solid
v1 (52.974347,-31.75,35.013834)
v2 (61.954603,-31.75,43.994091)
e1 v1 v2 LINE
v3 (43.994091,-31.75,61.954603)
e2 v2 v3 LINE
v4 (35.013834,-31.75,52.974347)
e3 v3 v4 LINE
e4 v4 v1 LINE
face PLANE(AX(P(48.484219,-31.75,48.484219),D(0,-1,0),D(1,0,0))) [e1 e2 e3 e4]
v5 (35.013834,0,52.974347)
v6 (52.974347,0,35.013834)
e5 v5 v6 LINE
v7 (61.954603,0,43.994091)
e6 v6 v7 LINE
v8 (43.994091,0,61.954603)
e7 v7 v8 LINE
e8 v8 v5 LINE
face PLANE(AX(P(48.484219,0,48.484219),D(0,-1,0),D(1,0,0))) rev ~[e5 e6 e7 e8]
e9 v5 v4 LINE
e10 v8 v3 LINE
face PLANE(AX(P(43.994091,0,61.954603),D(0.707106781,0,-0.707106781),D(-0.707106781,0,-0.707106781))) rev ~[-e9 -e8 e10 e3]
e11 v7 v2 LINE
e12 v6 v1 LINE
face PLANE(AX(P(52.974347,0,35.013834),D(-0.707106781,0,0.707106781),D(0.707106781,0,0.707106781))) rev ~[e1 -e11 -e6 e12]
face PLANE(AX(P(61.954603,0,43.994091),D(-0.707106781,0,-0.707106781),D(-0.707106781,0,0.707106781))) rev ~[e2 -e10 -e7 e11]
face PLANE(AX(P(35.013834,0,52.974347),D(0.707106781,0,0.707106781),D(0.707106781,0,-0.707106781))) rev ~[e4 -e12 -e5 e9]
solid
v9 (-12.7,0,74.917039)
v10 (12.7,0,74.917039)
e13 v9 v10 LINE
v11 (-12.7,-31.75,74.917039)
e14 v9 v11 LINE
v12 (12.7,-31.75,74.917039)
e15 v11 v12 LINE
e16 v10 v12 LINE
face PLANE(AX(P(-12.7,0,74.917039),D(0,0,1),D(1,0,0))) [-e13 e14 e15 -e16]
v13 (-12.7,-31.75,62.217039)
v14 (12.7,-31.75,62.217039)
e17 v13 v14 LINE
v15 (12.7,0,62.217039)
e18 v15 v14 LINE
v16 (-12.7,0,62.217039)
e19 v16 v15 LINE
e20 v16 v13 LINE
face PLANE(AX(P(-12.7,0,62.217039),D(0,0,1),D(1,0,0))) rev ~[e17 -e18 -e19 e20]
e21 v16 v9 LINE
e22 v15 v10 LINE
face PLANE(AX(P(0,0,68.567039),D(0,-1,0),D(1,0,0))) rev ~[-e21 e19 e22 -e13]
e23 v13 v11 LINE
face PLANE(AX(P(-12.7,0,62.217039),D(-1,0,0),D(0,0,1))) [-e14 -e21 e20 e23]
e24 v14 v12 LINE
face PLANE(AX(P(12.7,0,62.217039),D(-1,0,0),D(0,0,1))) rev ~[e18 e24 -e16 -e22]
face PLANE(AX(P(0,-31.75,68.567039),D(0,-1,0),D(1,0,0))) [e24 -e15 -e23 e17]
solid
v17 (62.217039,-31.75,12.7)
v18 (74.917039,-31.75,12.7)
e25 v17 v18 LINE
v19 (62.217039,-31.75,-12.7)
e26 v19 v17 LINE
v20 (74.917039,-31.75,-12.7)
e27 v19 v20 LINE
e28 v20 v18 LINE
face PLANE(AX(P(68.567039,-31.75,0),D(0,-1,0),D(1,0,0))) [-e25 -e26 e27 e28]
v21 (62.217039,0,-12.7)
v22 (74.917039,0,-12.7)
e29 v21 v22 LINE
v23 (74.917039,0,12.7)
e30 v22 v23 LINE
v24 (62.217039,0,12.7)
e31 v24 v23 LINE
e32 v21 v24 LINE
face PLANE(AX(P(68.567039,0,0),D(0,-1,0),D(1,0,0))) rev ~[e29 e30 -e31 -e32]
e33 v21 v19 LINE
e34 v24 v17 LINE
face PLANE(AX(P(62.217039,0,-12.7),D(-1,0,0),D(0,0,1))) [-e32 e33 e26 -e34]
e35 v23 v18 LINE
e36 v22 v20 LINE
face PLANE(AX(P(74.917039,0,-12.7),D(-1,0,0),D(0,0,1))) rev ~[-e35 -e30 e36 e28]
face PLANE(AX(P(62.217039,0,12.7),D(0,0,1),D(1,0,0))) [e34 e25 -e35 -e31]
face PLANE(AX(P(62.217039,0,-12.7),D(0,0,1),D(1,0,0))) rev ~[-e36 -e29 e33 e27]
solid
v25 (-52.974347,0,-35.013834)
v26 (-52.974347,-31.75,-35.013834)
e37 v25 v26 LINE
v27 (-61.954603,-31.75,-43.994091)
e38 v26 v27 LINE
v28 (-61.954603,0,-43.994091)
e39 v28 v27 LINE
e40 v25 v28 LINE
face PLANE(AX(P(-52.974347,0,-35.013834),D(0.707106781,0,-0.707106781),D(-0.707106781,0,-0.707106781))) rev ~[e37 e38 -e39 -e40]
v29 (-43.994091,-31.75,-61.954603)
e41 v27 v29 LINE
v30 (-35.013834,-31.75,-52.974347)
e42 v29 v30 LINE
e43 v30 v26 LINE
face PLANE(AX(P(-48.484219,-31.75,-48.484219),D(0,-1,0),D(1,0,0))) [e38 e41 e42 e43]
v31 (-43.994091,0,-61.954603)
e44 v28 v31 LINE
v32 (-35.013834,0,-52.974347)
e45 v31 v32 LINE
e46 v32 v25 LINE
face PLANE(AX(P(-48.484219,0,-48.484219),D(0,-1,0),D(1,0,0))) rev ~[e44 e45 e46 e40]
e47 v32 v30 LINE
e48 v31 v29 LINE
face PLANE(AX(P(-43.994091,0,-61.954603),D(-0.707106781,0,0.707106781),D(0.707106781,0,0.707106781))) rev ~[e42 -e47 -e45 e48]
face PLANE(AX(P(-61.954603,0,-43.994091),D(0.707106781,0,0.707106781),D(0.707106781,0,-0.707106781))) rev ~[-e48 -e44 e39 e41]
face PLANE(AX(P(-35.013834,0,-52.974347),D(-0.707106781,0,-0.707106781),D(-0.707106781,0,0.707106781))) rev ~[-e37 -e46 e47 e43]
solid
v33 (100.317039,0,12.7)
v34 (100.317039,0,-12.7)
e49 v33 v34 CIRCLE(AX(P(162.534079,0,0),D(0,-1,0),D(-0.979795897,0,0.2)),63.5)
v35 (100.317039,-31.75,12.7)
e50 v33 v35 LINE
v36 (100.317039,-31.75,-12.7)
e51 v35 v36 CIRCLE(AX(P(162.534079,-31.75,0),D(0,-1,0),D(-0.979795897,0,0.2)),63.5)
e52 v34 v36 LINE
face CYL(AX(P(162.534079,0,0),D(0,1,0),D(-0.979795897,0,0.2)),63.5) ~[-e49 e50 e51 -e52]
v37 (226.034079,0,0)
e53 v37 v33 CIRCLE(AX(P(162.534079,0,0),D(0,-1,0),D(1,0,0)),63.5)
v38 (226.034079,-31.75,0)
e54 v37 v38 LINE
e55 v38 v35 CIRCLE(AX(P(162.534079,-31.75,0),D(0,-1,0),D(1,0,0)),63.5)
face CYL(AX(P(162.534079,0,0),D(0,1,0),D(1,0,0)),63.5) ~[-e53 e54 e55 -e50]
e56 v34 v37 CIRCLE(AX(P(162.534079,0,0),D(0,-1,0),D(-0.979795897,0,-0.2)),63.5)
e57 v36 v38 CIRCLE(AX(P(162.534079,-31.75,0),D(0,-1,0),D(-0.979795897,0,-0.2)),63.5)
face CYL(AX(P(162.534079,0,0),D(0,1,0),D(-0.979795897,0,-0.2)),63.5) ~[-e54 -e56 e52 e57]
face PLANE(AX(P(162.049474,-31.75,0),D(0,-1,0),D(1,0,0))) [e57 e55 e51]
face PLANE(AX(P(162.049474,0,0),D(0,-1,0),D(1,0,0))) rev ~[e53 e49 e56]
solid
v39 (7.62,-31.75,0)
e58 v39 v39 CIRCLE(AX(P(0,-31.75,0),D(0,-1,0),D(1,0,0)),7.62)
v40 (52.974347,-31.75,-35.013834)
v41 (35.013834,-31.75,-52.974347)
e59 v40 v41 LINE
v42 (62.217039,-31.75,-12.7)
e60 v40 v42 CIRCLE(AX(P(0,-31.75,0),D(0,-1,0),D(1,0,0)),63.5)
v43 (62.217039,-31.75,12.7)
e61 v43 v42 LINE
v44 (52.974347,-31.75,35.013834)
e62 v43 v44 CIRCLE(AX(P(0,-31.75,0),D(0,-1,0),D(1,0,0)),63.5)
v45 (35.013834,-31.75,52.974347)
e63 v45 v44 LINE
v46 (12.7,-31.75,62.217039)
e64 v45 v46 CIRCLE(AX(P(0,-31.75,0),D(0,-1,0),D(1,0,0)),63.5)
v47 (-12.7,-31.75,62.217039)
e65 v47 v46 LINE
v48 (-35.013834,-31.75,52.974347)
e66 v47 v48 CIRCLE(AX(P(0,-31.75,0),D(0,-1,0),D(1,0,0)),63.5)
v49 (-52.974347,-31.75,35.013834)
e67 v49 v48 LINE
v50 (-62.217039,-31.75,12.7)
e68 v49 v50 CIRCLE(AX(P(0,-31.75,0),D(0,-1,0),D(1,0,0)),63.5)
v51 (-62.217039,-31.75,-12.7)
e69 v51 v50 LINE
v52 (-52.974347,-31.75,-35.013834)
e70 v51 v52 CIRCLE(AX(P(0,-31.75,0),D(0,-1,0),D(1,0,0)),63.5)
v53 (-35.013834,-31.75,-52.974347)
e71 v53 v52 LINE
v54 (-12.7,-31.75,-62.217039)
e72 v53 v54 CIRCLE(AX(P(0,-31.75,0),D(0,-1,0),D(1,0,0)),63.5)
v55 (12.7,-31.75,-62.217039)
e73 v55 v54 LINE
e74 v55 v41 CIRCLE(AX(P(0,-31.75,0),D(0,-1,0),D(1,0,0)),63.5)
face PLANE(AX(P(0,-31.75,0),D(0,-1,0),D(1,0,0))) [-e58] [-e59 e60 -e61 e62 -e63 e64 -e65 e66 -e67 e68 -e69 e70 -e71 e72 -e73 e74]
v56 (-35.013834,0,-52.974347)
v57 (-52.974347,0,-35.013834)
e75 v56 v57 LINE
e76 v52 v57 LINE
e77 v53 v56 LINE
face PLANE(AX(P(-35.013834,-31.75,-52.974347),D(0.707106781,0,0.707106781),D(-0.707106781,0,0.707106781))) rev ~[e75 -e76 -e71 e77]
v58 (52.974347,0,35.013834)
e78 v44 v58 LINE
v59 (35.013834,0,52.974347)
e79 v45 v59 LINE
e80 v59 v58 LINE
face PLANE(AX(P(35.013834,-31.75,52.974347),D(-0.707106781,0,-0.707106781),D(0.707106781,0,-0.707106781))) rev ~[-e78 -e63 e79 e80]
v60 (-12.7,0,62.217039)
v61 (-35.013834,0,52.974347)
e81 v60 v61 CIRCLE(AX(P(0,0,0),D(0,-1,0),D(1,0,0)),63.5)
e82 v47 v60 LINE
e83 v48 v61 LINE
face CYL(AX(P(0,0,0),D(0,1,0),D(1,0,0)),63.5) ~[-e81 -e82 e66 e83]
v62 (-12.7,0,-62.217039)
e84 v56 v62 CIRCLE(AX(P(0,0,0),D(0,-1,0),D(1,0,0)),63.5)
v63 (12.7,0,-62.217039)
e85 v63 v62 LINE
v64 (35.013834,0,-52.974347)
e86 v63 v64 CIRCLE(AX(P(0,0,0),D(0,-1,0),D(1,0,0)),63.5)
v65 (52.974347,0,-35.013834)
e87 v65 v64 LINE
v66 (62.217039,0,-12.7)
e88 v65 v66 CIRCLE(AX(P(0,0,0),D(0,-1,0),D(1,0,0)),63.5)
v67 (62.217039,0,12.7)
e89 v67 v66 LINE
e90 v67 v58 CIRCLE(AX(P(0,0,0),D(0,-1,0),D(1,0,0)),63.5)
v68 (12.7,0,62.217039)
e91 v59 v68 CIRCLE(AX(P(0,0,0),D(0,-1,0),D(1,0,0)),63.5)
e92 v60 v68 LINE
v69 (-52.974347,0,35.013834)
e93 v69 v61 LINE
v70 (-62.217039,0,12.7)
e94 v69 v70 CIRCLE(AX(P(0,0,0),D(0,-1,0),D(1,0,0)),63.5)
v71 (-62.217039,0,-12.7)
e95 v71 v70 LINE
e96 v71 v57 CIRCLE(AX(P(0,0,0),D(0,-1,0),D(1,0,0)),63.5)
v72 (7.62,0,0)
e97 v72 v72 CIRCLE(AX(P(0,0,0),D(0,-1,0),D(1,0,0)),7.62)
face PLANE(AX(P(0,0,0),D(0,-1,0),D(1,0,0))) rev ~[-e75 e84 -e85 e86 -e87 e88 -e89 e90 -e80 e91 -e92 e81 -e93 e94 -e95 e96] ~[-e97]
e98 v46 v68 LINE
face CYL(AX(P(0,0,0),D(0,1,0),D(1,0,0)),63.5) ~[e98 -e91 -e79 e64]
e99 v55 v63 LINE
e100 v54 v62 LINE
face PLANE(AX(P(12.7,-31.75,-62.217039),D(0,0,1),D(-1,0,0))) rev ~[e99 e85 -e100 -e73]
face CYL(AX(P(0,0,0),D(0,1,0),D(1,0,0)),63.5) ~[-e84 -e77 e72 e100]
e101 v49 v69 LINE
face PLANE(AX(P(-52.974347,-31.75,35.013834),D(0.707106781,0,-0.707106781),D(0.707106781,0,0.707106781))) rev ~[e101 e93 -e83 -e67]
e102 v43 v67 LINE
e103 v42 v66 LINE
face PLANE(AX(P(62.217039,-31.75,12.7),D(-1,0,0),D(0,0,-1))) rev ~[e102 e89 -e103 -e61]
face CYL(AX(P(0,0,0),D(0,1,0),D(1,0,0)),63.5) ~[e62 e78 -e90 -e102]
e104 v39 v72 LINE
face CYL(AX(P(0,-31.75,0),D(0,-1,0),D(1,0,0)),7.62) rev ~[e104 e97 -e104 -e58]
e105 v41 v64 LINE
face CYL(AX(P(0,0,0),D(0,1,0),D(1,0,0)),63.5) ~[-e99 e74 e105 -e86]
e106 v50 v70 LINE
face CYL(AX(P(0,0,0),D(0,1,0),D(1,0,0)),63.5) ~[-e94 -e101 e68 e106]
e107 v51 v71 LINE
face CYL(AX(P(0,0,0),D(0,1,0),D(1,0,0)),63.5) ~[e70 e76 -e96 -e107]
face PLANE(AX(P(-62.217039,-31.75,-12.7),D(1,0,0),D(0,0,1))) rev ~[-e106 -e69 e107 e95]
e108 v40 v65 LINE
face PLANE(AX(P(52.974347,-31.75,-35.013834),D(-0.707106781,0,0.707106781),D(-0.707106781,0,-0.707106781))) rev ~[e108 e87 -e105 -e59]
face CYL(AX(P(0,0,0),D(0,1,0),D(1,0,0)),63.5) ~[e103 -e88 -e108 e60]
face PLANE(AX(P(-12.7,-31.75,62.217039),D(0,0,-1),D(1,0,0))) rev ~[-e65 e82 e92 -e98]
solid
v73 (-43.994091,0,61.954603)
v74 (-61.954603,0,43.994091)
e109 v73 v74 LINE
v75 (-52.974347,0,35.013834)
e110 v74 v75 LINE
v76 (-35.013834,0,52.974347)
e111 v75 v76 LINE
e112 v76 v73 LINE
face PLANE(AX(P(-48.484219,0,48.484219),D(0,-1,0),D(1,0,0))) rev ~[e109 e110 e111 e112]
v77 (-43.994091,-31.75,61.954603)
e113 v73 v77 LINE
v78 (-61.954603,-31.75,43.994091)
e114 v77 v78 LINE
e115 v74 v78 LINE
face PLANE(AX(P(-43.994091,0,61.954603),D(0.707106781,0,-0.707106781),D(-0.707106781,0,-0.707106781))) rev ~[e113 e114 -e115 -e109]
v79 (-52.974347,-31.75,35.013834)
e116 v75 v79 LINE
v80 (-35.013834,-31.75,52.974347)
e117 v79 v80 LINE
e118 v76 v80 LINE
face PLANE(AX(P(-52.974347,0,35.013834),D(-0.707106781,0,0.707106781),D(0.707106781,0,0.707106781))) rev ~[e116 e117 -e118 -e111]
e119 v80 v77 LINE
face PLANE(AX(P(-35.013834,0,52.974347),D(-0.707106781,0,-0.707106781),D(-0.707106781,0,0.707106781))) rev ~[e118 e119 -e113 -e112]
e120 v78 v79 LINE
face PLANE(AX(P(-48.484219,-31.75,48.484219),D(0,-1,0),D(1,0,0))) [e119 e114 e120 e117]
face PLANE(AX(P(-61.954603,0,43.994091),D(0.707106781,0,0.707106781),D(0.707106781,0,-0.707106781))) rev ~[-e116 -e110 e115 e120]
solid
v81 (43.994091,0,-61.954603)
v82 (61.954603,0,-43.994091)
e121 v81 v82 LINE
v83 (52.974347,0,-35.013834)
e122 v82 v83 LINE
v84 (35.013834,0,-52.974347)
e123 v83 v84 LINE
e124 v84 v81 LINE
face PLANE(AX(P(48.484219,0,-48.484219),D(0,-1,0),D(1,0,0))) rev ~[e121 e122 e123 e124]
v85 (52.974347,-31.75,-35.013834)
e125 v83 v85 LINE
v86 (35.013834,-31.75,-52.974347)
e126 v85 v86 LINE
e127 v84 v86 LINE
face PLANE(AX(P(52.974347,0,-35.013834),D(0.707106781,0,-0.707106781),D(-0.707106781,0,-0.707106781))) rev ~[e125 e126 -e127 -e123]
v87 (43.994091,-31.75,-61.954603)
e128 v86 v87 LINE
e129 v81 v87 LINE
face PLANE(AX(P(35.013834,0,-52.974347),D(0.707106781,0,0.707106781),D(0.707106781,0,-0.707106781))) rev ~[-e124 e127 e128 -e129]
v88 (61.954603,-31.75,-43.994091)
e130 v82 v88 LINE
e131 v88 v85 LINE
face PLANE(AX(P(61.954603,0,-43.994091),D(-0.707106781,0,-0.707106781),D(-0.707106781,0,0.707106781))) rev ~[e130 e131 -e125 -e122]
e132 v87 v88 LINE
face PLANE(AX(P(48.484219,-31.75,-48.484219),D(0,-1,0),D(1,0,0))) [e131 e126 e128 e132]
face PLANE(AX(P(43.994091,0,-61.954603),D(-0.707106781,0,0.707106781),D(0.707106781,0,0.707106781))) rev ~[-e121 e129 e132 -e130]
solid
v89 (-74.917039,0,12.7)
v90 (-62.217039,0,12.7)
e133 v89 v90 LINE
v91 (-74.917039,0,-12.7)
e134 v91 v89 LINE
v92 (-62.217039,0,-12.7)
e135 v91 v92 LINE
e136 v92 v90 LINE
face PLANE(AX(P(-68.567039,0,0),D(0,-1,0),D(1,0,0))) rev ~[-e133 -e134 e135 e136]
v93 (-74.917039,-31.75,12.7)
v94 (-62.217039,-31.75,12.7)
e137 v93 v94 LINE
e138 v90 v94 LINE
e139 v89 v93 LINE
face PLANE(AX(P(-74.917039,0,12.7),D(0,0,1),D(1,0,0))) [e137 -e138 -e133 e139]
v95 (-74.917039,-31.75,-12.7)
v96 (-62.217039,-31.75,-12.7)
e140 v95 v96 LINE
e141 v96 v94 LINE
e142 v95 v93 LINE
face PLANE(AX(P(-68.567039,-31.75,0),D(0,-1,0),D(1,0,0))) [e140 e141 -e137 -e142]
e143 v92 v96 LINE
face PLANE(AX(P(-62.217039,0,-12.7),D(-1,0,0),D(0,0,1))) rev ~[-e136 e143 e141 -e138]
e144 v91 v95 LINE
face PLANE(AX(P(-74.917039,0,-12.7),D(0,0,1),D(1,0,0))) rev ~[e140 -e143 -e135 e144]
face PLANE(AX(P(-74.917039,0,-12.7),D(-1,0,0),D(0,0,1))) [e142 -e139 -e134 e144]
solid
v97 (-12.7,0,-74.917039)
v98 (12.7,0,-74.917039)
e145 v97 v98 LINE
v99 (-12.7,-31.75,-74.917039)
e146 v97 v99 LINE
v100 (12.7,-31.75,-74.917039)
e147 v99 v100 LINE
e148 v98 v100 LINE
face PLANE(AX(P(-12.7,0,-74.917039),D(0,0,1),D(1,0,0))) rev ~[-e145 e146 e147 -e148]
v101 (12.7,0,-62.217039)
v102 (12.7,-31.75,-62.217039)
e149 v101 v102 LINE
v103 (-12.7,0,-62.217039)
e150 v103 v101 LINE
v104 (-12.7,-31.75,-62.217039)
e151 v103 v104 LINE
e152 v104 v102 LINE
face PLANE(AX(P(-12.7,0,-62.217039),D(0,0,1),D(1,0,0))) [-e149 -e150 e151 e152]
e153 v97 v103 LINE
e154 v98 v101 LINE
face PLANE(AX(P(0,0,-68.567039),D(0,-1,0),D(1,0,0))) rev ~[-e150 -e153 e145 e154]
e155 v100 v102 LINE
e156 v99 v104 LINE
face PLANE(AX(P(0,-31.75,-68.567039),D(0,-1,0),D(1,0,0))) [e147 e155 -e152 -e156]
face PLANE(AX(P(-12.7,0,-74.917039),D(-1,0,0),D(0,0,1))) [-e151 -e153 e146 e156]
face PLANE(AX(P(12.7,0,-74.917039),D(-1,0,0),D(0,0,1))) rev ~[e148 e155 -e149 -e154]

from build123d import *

# Parameters (mm, degrees)
F0_R     = 63.5
F1_DEPTH = 31.75
F3_DEPTH = 31.75
F4_W     = 25.4
F4_H     = 12.7
F5_DEPTH = 31.75
F4_W_2   = 12.7
F4_H_2   = 25.4
F6_R     = 7.62
F7_DEPTH = 31.75
F9_DEPTH = 31.75


with BuildPart() as f1:
    # F0 (on Front) → F1 (new body)
    with BuildSketch(Plane.XZ):
        Circle(F0_R)
    extrude(amount=F1_DEPTH)

    # F2 (on face) → F3 (cut)
    with BuildSketch(Plane.XZ.offset(31.75)):
        with BuildLine():
            ThreePointArc((12.7, 62.2170394667), (0, 63.5), (-12.7, 62.2170394667))
            Line((-12.7, 62.2170394667), (12.7, 62.2170394667))
        make_face()
        with BuildLine():
            Line((-52.9743466333, 35.0138343912), (-35.0138343912, 52.9743466333))
            ThreePointArc((-35.0138343912, 52.9743466333), (-44.9012806053, 44.9012806053), (-52.9743466333, 35.0138343912))
        make_face()
        with BuildLine():
            Line((-62.2170394667, -12.7), (-62.2170394667, 12.7))
            ThreePointArc((-62.2170394667, 12.7), (-63.5, 0), (-62.2170394667, -12.7))
        make_face()
        with BuildLine():
            Line((-35.0138343912, -52.9743466333), (-52.9743466333, -35.0138343912))
            ThreePointArc((-52.9743466333, -35.0138343912), (-44.9012806053, -44.9012806053), (-35.0138343912, -52.9743466333))
        make_face()
        with BuildLine():
            Line((12.7, -62.2170394667), (-12.7, -62.2170394667))
            ThreePointArc((-12.7, -62.2170394667), (0, -63.5), (12.7, -62.2170394667))
        make_face()
        with BuildLine():
            Line((52.9743466333, -35.0138343912), (35.0138343912, -52.9743466333))
            ThreePointArc((35.0138343912, -52.9743466333), (44.9012806053, -44.9012806053), (52.9743466333, -35.0138343912))
        make_face()
        with BuildLine():
            Line((62.2170394667, 12.7), (62.2170394667, -12.7))
            ThreePointArc((62.2170394667, -12.7), (63.5, 0), (62.2170394667, 12.7))
        make_face()
        with BuildLine():
            Line((35.0138343912, 52.9743466333), (52.9743466333, 35.0138343912))
            ThreePointArc((52.9743466333, 35.0138343912), (44.9012806053, 44.9012806053), (35.0138343912, 52.9743466333))
        make_face()
    extrude(amount=-F3_DEPTH, mode=Mode.SUBTRACT)

    # F6 (on face) → F7 (cut)
    with BuildSketch(Plane.XZ.offset(31.75)):
        Circle(F6_R)
    extrude(amount=-F7_DEPTH, mode=Mode.SUBTRACT)


with BuildPart() as f5:
    # F4 (on Front) → F5 (new body)
    with BuildSketch(Plane.XZ):
        with Locations((0, 68.5670394667)):
            Rectangle(F4_W, F4_H)
    extrude(amount=F5_DEPTH)


with BuildPart() as f5b:
    # F4 (on Front) → F5, piece 2 (new body)
    with BuildSketch(Plane.XZ):
        Polygon((-43.9940905122, 61.9546027544), (-61.9546027544, 43.9940905122), (-52.9743466333, 35.0138343912), (-35.0138343912, 52.9743466333), align=None)
    extrude(amount=F5_DEPTH)


with BuildPart() as f5c:
    # F4 (on Front) → F5, piece 3 (new body)
    with BuildSketch(Plane.XZ):
        with Locations((-68.5670394667, 0)):
            Rectangle(F4_W_2, F4_H_2)
    extrude(amount=F5_DEPTH)


with BuildPart() as f5d:
    # F4 (on Front) → F5, piece 4 (new body)
    with BuildSketch(Plane.XZ):
        Polygon((-61.9546027544, -43.9940905122), (-43.9940905122, -61.9546027544), (-35.0138343912, -52.9743466333), (-52.9743466333, -35.0138343912), align=None)
    extrude(amount=F5_DEPTH)


with BuildPart() as f5e:
    # F4 (on Front) → F5, piece 5 (new body)
    with BuildSketch(Plane.XZ):
        with Locations((0, -68.5670394667)):
            Rectangle(F4_W, F4_H)
    extrude(amount=F5_DEPTH)


with BuildPart() as f5f:
    # F4 (on Front) → F5, piece 6 (new body)
    with BuildSketch(Plane.XZ):
        Polygon((43.9940905122, -61.9546027544), (61.9546027544, -43.9940905122), (52.9743466333, -35.0138343912), (35.0138343912, -52.9743466333), align=None)
    extrude(amount=F5_DEPTH)


with BuildPart() as f5g:
    # F4 (on Front) → F5, piece 7 (new body)
    with BuildSketch(Plane.XZ):
        with Locations((68.5670394667, 0)):
            Rectangle(F4_W_2, F4_H_2)
    extrude(amount=F5_DEPTH)


with BuildPart() as f5h:
    # F4 (on Front) → F5, piece 8 (new body)
    with BuildSketch(Plane.XZ):
        Polygon((61.9546027544, 43.9940905122), (43.9940905122, 61.9546027544), (35.0138343912, 52.9743466333), (52.9743466333, 35.0138343912), align=None)
    extrude(amount=F5_DEPTH)


with BuildPart() as f9:
    # F8 (on Front) → F9 (new body)
    with BuildSketch(Plane.XZ):
        with BuildLine():
            ThreePointArc((226.0340789334, 0), (168.9163980207, 63.1784457158), (100.3170394667, 12.7))
            ThreePointArc((100.3170394667, 12.7), (99.0340789334, 0), (100.3170394667, -12.7))
            ThreePointArc((100.3170394667, -12.7), (168.9163980207, -63.1784457158), (226.0340789334, 0))
        make_face()
    extrude(amount=F9_DEPTH)


solid = Compound([f1.part, f5.part, f5b.part, f5c.part, f5d.part, f5e.part, f5f.part, f5g.part, f5h.part, f9.part])
